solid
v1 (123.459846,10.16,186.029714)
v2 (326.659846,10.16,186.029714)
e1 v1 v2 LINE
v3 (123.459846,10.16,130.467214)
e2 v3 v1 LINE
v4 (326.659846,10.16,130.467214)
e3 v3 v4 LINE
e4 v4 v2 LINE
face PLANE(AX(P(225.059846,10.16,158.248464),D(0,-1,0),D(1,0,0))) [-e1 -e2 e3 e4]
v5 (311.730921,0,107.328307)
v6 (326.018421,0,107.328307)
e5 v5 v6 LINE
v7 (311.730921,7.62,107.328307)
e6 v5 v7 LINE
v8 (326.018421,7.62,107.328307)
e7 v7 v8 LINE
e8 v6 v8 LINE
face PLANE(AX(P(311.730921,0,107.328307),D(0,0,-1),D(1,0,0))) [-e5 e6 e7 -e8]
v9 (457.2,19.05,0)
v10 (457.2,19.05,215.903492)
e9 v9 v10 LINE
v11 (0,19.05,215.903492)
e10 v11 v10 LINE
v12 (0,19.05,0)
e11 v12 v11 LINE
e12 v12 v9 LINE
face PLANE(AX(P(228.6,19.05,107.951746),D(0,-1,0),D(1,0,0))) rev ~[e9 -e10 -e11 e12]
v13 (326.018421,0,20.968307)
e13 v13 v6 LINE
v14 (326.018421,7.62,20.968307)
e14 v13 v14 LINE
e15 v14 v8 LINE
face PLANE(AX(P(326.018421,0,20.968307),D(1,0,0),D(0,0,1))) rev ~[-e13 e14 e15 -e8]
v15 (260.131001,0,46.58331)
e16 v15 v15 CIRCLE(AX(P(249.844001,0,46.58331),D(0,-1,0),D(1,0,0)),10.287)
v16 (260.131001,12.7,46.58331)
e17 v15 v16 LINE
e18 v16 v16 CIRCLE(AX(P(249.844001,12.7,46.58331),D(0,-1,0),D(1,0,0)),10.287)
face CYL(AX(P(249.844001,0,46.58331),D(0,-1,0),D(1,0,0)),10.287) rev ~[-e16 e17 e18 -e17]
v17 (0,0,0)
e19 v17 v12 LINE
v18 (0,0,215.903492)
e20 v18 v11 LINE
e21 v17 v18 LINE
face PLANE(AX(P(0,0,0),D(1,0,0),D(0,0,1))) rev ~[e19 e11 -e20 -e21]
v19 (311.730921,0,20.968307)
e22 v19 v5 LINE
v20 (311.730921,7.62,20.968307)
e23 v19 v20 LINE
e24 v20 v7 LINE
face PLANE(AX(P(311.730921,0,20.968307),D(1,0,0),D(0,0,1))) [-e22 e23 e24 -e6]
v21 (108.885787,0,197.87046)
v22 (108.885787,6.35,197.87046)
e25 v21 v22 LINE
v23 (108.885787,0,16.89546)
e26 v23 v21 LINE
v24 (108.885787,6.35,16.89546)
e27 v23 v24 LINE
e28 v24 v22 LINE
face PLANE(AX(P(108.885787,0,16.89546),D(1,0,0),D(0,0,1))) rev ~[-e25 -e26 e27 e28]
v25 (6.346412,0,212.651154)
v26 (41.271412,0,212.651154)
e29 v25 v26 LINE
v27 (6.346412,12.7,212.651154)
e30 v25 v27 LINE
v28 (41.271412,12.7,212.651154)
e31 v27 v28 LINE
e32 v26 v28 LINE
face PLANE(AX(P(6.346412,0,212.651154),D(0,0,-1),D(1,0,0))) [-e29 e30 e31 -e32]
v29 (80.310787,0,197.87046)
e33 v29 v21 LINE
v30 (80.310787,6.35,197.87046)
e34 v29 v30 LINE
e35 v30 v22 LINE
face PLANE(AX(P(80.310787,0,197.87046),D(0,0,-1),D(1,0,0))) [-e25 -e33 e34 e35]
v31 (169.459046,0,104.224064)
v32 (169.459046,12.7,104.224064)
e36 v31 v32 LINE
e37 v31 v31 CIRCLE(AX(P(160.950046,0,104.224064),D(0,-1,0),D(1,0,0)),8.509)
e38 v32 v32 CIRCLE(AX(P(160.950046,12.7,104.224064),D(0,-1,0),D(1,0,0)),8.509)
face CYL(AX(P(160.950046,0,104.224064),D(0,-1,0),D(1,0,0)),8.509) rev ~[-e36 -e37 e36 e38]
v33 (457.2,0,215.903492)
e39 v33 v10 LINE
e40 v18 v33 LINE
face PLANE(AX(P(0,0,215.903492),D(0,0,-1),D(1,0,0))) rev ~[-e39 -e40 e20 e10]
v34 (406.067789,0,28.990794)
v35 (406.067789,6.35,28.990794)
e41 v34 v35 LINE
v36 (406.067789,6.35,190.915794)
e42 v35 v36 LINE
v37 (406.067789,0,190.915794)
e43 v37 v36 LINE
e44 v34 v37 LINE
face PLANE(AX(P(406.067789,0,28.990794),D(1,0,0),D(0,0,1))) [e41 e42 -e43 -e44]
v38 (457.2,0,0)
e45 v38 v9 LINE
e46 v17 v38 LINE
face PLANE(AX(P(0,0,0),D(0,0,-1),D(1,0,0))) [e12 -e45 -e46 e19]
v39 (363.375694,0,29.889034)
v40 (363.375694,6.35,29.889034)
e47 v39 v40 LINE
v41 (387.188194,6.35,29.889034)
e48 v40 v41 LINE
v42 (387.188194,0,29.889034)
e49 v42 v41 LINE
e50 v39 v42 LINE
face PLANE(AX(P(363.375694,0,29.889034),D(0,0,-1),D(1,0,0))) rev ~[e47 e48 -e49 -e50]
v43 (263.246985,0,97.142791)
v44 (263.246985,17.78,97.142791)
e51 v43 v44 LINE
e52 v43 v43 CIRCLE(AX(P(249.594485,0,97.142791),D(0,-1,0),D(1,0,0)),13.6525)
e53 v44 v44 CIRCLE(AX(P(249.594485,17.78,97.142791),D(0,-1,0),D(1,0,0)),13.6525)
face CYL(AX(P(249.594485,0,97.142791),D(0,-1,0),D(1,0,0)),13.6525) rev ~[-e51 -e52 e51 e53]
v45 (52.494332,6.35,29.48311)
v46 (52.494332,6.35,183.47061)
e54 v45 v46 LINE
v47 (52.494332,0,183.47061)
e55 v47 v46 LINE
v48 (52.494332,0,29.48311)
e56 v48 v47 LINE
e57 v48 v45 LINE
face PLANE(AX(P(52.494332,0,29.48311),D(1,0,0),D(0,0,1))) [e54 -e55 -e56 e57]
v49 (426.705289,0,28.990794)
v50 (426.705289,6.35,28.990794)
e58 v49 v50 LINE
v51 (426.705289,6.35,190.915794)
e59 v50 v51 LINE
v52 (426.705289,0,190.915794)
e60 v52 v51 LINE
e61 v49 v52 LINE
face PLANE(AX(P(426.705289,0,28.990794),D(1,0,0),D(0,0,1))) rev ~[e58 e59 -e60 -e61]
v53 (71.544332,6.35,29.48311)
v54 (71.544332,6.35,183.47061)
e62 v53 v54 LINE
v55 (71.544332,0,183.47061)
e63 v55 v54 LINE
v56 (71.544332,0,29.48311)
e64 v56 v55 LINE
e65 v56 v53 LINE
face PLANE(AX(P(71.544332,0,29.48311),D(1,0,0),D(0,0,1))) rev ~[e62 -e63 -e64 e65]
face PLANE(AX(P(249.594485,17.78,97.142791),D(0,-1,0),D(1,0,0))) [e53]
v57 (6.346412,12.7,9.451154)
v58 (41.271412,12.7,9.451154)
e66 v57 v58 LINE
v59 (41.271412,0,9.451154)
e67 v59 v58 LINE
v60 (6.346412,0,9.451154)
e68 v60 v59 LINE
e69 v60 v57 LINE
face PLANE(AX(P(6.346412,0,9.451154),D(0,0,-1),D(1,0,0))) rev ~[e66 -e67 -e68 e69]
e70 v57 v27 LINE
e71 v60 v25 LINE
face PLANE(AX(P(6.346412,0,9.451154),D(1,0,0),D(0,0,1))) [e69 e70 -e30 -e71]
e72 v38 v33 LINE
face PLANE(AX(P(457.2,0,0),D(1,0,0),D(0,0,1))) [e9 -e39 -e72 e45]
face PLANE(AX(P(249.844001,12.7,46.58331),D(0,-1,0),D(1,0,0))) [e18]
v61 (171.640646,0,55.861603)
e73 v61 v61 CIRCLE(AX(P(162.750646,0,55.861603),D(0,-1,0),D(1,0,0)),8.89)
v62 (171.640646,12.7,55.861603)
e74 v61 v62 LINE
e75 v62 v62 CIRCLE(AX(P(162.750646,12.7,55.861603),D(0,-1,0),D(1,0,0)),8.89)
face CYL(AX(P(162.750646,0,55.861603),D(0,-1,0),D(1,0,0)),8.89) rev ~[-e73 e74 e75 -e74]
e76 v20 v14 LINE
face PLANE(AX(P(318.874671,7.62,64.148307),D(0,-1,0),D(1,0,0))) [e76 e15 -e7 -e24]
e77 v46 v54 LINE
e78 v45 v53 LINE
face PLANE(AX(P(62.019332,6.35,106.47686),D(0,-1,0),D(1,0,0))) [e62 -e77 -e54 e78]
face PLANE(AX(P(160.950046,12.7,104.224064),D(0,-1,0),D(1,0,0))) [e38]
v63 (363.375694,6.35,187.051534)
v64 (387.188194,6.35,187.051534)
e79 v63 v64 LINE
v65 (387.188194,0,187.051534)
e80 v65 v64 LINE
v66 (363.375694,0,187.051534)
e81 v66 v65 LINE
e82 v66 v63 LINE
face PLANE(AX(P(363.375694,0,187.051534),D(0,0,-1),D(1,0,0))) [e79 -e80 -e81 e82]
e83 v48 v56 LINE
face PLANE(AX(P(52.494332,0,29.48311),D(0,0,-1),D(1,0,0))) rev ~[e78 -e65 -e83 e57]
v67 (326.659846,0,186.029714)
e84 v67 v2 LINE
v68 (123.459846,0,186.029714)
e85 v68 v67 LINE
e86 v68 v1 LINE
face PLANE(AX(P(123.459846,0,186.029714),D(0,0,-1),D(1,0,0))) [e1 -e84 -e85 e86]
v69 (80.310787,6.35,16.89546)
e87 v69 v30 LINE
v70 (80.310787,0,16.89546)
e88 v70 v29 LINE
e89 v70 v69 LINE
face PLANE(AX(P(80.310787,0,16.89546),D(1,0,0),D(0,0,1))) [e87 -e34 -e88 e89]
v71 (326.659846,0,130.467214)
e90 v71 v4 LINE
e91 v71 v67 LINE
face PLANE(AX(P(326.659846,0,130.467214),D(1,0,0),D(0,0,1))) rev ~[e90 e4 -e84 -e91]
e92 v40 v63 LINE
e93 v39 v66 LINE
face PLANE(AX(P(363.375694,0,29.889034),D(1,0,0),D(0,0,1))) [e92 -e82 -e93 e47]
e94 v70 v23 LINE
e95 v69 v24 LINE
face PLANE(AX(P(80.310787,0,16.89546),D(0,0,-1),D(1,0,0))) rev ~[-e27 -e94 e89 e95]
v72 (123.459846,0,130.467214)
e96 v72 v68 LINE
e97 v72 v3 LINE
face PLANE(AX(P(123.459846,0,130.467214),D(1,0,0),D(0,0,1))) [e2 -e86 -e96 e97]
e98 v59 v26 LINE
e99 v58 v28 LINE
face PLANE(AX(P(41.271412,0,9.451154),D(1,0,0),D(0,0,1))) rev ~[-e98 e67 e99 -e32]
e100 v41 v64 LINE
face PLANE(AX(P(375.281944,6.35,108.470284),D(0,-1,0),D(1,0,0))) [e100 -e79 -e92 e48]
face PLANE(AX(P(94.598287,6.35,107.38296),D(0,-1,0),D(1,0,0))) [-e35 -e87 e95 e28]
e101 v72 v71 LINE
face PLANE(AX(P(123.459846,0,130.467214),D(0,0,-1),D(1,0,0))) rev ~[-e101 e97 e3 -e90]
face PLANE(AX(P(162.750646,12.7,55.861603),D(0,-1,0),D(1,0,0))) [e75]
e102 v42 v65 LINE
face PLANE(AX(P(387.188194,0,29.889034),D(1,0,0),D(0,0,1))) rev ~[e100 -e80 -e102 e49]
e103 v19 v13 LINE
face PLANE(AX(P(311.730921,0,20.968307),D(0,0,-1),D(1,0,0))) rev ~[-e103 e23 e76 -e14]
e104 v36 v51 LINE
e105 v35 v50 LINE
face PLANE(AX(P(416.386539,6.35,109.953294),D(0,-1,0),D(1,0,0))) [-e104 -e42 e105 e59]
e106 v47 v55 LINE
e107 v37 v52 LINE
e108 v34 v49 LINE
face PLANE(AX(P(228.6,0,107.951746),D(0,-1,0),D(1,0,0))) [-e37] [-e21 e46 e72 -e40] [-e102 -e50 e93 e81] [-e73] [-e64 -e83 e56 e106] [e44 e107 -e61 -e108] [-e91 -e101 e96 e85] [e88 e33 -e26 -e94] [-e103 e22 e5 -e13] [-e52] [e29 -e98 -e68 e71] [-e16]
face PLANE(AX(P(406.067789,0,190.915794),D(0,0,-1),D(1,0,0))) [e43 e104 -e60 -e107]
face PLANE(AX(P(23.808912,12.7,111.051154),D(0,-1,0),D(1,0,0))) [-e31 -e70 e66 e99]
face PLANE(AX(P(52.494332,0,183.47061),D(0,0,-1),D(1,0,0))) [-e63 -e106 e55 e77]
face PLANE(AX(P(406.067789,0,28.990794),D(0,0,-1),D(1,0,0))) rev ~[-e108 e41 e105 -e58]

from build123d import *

# Parameters (mm, degrees)
F0_W      = 457.2
F0_H      = 215.903491
F1_DEPTH  = 19.05
F2_W      = 20.6375
F2_H      = 161.925
F3_DEPTH  = 6.35
F4_W      = 23.8125
F4_H      = 157.1625
F5_DEPTH  = 6.35
F6_W      = 203.2
F6_H      = 55.5625
F7_DEPTH  = 10.16
F8_W      = 14.2875
F8_H      = 86.36
F9_DEPTH  = 7.62
F10_W     = 34.925
F10_H     = 203.2
F11_DEPTH = 12.7
F12_W     = 19.05
F12_H     = 153.9875
F13_DEPTH = 6.35
F14_R     = 13.6525
F15_DEPTH = 17.78
F16_R     = 10.287
F17_DEPTH = 12.7
F18_R     = 8.89
F19_DEPTH = 12.7
F20_R     = 8.509
F21_DEPTH = 12.7
F22_W     = 28.575
F22_H     = 180.975
F23_DEPTH = 6.35


with BuildPart() as f1:
    # F0 (on Front) → F1 (new body)
    with BuildSketch(Plane.XZ):
        with Locations((228.6, 107.951746)):
            Rectangle(F0_W, F0_H)
    extrude(amount=-F1_DEPTH)

    # F2 (on Front) → F3 (cut)
    with BuildSketch(Plane.XZ):
        with Locations((416.386539, 109.953294)):
            Rectangle(F2_W, F2_H)
    extrude(amount=-F3_DEPTH, mode=Mode.SUBTRACT)

    # F4 (on face) → F5 (cut)
    with BuildSketch(Plane.XZ):
        with Locations((375.281944, 108.470284)):
            Rectangle(F4_W, F4_H)
    extrude(amount=-F5_DEPTH, mode=Mode.SUBTRACT)

    # F6 (on face) → F7 (cut)
    with BuildSketch(Plane.XZ):
        with Locations((225.059846, 158.248464)):
            Rectangle(F6_W, F6_H)
    extrude(amount=-F7_DEPTH, mode=Mode.SUBTRACT)

    # F8 (on face) → F9 (cut)
    with BuildSketch(Plane.XZ):
        with Locations((318.874671, 64.148307)):
            Rectangle(F8_W, F8_H)
    extrude(amount=-F9_DEPTH, mode=Mode.SUBTRACT)

    # F10 (on face) → F11 (cut)
    with BuildSketch(Plane.XZ):
        with Locations((23.808912, 111.051154)):
            Rectangle(F10_W, F10_H)
    extrude(amount=-F11_DEPTH, mode=Mode.SUBTRACT)

    # F12 (on face) → F13 (cut)
    with BuildSketch(Plane.XZ):
        with Locations((62.019332, 106.47686)):
            Rectangle(F12_W, F12_H)
    extrude(amount=-F13_DEPTH, mode=Mode.SUBTRACT)

    # F14 (on face) → F15 (cut)
    with BuildSketch(Plane.XZ):
        with Locations((249.594485, 97.142791)):
            Circle(F14_R)
    extrude(amount=-F15_DEPTH, mode=Mode.SUBTRACT)

    # F16 (on face) → F17 (cut)
    with BuildSketch(Plane.XZ):
        with Locations((249.844001, 46.58331)):
            Circle(F16_R)
    extrude(amount=-F17_DEPTH, mode=Mode.SUBTRACT)

    # F18 (on face) → F19 (cut)
    with BuildSketch(Plane.XZ):
        with Locations((162.750646, 55.861603)):
            Circle(F18_R)
    extrude(amount=-F19_DEPTH, mode=Mode.SUBTRACT)

    # F20 (on face) → F21 (cut)
    with BuildSketch(Plane.XZ):
        with Locations((160.950046, 104.224064)):
            Circle(F20_R)
    extrude(amount=-F21_DEPTH, mode=Mode.SUBTRACT)

    # F22 (on face) → F23 (cut)
    with BuildSketch(Plane.XZ):
        with Locations((94.598287, 107.38296)):
            Rectangle(F22_W, F22_H)
    extrude(amount=-F23_DEPTH, mode=Mode.SUBTRACT)


solid = f1.part
